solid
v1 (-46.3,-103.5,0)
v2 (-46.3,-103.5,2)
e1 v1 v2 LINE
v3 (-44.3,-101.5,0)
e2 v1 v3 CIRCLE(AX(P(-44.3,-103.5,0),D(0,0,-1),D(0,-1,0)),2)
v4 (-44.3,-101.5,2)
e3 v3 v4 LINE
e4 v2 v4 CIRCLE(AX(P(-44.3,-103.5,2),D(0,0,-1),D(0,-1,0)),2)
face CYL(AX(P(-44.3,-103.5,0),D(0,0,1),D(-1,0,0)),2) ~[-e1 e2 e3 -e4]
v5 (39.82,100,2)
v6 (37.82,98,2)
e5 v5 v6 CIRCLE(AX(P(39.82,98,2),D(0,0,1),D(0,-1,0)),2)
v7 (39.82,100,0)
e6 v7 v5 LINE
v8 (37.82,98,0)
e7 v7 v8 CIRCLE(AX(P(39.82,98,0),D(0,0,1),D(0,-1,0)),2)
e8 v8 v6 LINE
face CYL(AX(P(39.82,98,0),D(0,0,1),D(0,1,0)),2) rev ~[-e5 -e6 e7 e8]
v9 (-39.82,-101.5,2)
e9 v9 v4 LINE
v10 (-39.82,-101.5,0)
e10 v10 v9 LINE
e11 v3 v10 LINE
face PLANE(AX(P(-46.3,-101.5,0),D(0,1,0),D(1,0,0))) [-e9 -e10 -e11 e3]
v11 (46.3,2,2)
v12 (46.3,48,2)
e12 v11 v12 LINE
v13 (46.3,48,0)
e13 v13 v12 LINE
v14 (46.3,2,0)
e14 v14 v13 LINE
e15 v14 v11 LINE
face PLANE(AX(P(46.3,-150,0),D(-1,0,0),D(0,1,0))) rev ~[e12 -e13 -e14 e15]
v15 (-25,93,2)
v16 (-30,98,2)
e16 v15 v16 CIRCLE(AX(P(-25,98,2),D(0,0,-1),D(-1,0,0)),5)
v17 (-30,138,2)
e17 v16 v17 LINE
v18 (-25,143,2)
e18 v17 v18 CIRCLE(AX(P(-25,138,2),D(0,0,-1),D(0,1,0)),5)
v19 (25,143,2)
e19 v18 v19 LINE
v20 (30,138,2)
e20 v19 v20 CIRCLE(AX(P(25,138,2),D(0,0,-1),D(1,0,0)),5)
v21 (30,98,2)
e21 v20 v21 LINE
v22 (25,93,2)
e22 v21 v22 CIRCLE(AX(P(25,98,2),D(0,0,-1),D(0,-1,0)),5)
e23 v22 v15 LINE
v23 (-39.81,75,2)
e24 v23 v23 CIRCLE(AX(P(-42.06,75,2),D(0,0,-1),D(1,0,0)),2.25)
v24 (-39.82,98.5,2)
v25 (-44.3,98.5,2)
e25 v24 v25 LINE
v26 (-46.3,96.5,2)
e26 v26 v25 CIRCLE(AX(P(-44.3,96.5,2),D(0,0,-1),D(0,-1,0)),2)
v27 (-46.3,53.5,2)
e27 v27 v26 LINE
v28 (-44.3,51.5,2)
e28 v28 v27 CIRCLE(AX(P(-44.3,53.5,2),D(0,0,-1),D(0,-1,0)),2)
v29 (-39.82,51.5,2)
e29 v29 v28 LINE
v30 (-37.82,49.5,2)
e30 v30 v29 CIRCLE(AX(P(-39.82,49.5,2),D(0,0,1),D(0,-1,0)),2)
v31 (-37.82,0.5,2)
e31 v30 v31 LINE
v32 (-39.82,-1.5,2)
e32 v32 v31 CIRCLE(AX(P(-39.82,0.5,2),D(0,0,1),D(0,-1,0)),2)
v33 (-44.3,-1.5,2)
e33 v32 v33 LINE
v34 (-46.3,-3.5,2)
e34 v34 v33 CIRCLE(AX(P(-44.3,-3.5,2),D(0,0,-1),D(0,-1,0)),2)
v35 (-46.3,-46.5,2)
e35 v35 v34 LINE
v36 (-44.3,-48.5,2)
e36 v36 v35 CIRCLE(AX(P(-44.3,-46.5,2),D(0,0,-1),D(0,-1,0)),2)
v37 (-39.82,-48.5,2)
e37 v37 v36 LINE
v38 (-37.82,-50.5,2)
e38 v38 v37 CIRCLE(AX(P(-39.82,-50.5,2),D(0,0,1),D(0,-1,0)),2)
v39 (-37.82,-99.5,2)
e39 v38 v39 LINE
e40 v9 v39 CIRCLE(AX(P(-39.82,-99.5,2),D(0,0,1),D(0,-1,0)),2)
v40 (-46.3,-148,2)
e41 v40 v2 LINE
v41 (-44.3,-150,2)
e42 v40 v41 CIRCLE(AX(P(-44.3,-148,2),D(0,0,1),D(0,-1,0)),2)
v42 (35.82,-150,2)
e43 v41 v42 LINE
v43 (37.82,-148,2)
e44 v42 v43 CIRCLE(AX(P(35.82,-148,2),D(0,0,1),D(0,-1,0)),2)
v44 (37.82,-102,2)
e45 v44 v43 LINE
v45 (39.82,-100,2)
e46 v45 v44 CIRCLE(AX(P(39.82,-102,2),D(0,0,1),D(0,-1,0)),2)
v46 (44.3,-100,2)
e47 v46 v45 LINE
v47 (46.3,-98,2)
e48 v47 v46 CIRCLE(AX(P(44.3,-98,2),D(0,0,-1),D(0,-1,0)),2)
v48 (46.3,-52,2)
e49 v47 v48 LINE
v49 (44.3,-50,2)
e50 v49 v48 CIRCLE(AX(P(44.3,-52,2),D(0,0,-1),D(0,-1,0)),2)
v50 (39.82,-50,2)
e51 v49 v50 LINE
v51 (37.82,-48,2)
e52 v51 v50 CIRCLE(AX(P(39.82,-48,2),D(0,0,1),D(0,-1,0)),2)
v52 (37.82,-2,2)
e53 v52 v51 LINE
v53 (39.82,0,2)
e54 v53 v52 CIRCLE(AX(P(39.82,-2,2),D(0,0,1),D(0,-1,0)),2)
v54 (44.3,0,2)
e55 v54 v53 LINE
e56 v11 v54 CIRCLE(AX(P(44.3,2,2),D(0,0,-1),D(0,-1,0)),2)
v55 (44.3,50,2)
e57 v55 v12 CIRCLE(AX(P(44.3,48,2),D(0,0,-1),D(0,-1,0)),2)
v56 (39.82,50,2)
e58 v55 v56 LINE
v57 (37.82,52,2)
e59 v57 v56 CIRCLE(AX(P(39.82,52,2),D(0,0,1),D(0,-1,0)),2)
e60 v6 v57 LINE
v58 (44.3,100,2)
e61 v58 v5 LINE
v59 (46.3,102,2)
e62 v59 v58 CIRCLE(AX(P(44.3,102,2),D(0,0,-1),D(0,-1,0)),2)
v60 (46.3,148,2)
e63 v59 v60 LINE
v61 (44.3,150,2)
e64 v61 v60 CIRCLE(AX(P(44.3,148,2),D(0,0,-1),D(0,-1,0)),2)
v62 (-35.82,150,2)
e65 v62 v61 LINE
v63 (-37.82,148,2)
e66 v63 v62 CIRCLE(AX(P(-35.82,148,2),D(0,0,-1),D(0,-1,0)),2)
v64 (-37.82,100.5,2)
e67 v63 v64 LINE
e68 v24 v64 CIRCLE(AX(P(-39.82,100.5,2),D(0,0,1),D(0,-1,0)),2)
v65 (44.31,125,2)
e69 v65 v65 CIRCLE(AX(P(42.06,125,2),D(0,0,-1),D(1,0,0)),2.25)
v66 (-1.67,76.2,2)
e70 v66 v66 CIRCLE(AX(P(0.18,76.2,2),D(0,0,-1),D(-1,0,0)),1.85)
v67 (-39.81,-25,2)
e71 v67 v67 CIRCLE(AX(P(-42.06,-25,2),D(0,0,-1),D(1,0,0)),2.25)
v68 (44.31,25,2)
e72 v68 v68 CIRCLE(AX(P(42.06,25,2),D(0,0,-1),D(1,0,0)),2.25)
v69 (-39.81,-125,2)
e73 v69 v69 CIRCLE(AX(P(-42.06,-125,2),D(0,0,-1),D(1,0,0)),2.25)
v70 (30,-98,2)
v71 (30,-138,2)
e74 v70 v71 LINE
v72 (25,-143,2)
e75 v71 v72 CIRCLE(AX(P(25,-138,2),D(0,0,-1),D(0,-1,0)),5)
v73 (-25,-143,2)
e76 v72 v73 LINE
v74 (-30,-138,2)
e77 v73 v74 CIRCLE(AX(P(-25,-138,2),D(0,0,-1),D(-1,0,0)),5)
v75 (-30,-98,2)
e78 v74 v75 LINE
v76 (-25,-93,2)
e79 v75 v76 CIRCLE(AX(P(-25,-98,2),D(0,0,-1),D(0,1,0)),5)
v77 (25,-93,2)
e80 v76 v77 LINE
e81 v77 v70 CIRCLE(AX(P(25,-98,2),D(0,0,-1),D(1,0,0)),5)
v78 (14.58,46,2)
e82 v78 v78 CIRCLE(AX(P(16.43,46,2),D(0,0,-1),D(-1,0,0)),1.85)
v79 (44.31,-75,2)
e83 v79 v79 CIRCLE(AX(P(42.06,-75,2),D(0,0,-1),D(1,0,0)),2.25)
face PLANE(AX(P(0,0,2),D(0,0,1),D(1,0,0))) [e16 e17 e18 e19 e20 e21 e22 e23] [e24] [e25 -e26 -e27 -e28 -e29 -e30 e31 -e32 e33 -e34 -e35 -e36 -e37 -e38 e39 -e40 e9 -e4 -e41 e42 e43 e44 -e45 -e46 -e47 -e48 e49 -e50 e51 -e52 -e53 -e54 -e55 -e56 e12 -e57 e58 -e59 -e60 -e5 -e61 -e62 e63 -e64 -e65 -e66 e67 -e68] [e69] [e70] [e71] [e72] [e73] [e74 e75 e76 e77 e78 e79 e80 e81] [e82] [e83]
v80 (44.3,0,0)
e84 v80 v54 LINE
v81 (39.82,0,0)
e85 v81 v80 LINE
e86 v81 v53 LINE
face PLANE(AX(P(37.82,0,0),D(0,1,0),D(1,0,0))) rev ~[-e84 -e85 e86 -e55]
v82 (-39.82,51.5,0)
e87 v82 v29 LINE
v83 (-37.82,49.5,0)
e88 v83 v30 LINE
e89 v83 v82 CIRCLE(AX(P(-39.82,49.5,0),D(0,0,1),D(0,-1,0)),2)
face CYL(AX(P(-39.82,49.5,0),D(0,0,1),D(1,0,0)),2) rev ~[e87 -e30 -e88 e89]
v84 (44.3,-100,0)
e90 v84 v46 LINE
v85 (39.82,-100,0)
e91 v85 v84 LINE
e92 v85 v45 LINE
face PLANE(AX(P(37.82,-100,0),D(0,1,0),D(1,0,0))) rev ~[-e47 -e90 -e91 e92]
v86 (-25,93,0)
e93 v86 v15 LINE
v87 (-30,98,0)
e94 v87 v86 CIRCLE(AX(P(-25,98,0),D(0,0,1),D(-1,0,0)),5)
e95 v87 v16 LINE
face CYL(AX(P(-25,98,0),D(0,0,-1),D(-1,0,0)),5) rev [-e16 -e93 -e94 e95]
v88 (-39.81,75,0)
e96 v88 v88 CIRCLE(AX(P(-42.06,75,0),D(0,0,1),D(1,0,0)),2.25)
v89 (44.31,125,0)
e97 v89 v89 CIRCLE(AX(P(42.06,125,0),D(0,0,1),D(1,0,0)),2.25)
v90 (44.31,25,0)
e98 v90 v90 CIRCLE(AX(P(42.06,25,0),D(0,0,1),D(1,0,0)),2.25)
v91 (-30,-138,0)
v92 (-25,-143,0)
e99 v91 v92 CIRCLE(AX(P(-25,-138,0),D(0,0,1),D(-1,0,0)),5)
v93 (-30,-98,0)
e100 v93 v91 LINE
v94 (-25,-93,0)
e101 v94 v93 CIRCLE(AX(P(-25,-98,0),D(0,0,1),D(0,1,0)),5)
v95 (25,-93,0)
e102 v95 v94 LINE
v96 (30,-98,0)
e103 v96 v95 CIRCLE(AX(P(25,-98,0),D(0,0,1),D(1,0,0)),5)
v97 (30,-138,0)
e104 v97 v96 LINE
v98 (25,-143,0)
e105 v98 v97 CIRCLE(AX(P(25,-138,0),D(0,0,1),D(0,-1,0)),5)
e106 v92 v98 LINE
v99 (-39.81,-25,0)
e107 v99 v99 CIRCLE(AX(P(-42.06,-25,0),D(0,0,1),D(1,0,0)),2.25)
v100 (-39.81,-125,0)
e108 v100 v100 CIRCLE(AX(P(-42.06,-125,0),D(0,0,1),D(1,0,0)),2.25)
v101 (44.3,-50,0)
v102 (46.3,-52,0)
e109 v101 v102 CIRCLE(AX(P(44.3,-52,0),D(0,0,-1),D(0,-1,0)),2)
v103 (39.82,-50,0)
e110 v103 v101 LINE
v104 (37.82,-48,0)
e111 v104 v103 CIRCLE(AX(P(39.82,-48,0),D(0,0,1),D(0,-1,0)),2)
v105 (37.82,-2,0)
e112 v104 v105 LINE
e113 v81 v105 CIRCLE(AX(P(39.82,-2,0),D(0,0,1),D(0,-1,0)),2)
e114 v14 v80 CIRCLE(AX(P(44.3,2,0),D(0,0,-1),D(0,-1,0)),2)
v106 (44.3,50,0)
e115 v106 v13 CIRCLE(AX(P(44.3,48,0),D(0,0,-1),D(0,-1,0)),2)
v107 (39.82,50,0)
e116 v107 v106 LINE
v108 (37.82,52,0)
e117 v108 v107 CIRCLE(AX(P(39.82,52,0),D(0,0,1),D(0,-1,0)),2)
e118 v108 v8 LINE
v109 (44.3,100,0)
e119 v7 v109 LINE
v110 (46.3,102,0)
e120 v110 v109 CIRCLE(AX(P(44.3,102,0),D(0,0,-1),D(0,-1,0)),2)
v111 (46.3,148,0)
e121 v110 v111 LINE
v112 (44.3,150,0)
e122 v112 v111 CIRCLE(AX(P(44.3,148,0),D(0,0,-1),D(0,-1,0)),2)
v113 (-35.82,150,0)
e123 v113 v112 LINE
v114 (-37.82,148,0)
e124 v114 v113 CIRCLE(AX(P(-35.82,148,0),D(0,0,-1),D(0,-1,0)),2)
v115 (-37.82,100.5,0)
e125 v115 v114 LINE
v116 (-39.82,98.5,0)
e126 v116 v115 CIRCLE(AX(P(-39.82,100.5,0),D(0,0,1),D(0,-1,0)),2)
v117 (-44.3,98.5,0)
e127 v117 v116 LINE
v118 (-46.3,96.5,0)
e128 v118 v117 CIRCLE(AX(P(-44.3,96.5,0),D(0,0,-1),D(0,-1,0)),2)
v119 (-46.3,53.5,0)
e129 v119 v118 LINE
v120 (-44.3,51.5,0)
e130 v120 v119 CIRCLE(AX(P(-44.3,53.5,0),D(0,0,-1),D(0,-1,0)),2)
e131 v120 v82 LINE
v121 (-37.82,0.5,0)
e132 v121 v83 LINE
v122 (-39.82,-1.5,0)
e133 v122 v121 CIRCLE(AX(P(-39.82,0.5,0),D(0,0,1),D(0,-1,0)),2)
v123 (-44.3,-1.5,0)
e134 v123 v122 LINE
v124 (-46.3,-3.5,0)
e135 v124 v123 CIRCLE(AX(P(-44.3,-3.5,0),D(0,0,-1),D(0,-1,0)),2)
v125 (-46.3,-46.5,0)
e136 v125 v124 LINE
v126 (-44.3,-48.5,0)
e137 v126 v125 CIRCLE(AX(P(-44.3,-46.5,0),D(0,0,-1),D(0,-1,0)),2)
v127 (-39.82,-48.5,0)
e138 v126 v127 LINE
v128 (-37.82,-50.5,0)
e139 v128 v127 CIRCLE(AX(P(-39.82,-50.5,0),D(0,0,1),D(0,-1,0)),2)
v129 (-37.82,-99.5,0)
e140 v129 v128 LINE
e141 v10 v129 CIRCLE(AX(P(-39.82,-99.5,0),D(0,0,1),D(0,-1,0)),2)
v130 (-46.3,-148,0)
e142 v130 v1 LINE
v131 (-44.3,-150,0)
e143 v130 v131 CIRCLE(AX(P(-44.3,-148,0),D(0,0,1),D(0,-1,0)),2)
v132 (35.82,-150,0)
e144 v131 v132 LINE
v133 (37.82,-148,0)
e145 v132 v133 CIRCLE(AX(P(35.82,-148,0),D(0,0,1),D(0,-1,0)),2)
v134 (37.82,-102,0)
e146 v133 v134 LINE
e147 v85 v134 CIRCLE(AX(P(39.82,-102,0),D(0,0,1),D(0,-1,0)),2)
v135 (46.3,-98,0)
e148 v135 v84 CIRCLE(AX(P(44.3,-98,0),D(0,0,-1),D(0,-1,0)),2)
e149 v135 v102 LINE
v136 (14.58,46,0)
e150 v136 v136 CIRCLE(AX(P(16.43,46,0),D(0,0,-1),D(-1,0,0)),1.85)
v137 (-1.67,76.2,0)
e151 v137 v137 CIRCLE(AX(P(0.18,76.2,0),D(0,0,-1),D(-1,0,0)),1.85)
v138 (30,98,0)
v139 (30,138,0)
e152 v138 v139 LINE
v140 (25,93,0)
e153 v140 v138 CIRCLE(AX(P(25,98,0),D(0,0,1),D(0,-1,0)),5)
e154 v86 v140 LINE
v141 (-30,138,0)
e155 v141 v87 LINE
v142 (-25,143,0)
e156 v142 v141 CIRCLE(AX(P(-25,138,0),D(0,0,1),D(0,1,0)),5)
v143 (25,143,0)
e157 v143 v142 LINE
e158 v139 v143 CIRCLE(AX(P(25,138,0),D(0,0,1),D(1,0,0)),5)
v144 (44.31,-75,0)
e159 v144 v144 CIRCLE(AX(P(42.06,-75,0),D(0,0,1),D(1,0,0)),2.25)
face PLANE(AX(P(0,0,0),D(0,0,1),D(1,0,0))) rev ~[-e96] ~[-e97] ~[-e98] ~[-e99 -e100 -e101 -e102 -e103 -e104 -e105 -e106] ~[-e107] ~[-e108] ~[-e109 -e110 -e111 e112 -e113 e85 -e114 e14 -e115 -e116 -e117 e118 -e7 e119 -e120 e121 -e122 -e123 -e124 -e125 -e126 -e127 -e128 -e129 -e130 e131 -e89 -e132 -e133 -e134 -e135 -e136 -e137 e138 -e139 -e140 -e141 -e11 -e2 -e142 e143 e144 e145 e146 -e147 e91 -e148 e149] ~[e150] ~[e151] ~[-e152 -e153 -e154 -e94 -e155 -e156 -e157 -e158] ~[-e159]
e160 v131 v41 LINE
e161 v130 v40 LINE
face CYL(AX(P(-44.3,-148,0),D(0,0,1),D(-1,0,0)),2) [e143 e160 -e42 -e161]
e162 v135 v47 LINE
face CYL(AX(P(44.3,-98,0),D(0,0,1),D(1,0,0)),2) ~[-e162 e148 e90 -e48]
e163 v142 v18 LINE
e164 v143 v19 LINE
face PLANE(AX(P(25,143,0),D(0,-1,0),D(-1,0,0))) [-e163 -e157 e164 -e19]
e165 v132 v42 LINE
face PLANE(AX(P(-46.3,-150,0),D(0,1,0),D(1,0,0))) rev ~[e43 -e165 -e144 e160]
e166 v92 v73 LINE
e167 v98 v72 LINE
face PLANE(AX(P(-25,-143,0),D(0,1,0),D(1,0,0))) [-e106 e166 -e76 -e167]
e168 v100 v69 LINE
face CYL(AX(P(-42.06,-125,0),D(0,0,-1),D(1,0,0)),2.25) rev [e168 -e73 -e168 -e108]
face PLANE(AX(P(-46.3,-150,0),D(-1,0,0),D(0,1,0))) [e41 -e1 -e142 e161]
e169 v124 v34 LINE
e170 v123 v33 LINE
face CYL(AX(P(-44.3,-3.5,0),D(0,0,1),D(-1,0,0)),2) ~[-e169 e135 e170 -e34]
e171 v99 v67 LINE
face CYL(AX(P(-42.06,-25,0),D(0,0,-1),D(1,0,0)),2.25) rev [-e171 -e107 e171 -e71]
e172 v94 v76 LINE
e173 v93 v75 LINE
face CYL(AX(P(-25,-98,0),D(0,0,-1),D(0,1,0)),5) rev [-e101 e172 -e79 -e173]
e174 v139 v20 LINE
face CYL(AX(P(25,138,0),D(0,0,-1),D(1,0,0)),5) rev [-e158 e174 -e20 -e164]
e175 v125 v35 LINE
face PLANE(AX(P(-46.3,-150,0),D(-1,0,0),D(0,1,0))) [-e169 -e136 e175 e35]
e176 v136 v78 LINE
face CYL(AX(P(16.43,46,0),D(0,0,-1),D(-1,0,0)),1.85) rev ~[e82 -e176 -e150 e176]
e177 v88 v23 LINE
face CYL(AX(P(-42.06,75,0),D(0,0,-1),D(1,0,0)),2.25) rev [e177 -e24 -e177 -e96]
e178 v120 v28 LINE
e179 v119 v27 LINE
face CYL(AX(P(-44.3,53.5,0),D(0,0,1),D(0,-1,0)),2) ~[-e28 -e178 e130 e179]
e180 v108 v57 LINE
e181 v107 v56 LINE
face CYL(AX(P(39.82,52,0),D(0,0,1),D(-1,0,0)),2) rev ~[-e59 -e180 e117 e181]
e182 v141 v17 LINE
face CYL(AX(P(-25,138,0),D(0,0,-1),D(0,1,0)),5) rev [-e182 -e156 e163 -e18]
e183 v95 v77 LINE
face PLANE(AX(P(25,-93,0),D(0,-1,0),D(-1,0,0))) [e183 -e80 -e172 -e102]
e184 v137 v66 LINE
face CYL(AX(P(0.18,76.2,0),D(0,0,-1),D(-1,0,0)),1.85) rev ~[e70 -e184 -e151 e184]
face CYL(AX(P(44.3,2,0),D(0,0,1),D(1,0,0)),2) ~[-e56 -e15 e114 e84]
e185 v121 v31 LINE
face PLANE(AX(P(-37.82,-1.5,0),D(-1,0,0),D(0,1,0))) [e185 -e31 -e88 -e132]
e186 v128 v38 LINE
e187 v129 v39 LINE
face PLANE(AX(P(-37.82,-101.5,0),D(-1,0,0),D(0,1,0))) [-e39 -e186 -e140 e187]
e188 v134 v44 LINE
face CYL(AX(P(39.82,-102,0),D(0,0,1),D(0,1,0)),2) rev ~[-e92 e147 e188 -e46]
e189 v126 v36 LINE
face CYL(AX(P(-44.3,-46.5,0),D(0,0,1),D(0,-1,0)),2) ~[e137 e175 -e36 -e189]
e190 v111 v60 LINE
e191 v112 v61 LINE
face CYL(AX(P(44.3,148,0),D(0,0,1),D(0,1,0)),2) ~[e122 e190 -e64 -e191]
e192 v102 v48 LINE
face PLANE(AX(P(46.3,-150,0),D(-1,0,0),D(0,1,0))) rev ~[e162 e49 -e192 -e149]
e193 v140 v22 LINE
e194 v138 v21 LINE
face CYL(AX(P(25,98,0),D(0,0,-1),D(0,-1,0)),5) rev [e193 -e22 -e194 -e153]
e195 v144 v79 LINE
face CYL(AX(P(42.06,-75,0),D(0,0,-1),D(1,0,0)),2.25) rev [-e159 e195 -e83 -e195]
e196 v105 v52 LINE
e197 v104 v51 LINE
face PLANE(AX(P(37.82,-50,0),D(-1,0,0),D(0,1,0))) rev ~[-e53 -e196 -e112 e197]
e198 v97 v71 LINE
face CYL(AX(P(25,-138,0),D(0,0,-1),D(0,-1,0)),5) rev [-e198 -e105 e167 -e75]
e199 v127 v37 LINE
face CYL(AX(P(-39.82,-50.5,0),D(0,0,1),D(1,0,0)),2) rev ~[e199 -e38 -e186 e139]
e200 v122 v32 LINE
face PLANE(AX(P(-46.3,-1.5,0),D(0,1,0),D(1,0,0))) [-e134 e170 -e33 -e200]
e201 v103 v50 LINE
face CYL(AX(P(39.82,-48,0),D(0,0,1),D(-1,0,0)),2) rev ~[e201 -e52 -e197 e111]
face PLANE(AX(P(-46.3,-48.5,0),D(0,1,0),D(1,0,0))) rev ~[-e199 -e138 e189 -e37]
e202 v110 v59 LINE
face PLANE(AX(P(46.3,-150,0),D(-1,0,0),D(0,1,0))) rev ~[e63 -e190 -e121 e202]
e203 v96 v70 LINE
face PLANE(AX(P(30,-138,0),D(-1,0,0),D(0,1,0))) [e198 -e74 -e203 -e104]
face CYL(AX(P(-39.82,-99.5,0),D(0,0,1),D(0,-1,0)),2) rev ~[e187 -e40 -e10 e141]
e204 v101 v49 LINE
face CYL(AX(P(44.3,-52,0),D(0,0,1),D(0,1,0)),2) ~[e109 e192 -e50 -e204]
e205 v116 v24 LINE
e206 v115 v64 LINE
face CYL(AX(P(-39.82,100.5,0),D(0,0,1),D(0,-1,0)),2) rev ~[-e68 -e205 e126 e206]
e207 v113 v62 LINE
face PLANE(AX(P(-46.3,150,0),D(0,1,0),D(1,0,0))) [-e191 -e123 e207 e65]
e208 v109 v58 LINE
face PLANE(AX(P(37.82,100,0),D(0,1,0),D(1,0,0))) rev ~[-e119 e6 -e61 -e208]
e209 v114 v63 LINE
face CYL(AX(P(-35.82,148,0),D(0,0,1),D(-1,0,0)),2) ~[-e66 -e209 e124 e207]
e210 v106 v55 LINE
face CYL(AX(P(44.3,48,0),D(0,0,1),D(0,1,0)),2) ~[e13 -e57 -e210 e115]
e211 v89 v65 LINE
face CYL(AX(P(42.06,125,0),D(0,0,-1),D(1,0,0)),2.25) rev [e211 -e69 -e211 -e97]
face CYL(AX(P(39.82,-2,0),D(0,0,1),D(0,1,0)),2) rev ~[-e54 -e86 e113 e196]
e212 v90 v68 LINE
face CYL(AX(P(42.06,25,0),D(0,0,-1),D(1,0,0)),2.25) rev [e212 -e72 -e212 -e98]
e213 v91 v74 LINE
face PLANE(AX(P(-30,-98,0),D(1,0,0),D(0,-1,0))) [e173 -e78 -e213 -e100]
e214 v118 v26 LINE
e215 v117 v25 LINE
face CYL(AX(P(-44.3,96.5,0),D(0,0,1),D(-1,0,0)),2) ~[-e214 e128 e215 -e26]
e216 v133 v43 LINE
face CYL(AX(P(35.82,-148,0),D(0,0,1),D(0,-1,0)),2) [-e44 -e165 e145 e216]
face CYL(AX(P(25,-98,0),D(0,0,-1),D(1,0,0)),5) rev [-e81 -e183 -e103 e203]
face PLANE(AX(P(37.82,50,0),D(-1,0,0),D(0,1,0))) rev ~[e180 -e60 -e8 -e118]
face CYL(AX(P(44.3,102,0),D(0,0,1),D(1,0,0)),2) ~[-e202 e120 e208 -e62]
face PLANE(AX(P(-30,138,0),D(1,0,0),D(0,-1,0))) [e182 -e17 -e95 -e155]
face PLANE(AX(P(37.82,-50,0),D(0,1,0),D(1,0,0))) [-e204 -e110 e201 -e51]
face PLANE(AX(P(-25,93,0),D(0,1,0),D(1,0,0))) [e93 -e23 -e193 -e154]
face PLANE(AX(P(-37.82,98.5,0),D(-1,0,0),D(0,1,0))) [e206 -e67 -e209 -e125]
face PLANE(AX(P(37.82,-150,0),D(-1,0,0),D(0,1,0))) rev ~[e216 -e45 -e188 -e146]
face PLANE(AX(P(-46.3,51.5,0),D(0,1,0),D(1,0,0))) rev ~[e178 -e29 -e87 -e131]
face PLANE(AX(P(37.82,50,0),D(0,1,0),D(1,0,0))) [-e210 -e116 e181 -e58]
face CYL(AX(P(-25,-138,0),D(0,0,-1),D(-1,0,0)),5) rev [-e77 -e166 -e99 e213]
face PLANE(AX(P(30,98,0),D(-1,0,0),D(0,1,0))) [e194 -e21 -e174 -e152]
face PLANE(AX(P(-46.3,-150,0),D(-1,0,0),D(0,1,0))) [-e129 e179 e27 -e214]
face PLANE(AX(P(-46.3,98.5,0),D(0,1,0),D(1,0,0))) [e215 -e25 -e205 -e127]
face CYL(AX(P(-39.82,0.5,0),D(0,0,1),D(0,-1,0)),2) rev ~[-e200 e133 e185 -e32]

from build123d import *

# Parameters (mm, degrees)
SKETCH1_W           = 92.6
SKETCH1_H           = 300
BOSS_EXTRUDE1_DEPTH = 2
SKETCH2_R           = 2.25
SKETCH2_W           = 8.48
SKETCH2_H           = 51.5
SKETCH2_H_2         = 50
SKETCH2_H_3         = 53
CUT_EXTRUDE1_DEPTH  = 10
FILLET1_R           = 2
CUT_EXTRUDE3_DEPTH  = 8.5
SKETCH5_R           = 1.85
CUT_EXTRUDE4_DEPTH  = 10


with BuildPart() as part:
    # Sketch1 → Boss-Extrude1 (new body)
    with BuildSketch(Plane.XY):
        Rectangle(SKETCH1_W, SKETCH1_H)
    extrude(amount=BOSS_EXTRUDE1_DEPTH)

    # Sketch2 → Cut-Extrude1 (cut)
    with BuildSketch(Plane.XY):
        with Locations((-42.06, 75)):
            Circle(SKETCH2_R)
        with Locations((42.06, 125)):
            Circle(SKETCH2_R)
        with Locations((42.06, 25)):
            Circle(SKETCH2_R)
        with Locations((42.06, -75)):
            Circle(SKETCH2_R)
        with Locations((-42.06, -25)):
            Circle(SKETCH2_R)
        with Locations((-42.06, -125)):
            Circle(SKETCH2_R)
        with Locations((-42.06, 124.25)):
            Rectangle(SKETCH2_W, SKETCH2_H)
        with Locations((42.06, 75)):
            Rectangle(SKETCH2_W, SKETCH2_H_2)
        with Locations((42.06, -25)):
            Rectangle(SKETCH2_W, SKETCH2_H_2)
        with Locations((-42.06, 25)):
            Rectangle(SKETCH2_W, SKETCH2_H_3)
        with Locations((-42.06, -75)):
            Rectangle(SKETCH2_W, SKETCH2_H_3)
        with Locations((42.06, -125)):
            Rectangle(SKETCH2_W, SKETCH2_H_2)
    extrude(amount=CUT_EXTRUDE1_DEPTH, mode=Mode.SUBTRACT)

    # Fillet1
    fillet1_edges = [part.edges().sort_by_distance(p)[0] for p in [
        (46.3, -100, 1),
        (37.82, -100, 1),
        (37.82, -150, 1),
        (46.3, 50, 1),
        (46.3, 100, 1),
        (37.82, 100, 1),
        (37.82, 50, 1),
        (-46.3, -48.5, 1),
        (-46.3, -101.5, 1),
        (-37.82, -101.5, 1),
        (-37.82, -48.5, 1),
        (37.82, 0, 1),
        (37.82, -50, 1),
        (46.3, -50, 1),
        (46.3, 0, 1),
        (46.3, 150, 1),
        (-46.3, -150, 1),
        (-46.3, 51.5, 1),
        (-46.3, -1.5, 1),
        (-37.82, -1.5, 1),
        (-37.82, 51.5, 1),
        (-46.3, 98.5, 1),
        (-37.82, 98.5, 1),
        (-37.82, 150, 1),
    ]]
    fillet(fillet1_edges, radius=FILLET1_R)

    # Sketch4 → Cut-Extrude3 (cut)
    with BuildSketch(Plane(origin=(0, 0, 0), x_dir=(-1, 0, 0), z_dir=(0, 0, -1))):
        with BuildLine():
            Line((25, 93), (-25, 93))
            ThreePointArc((-25, 93), (-28.535533906, 94.464466094), (-30, 98))
            Line((-30, 98), (-30, 138))
            ThreePointArc((-30, 138), (-28.535533906, 141.535533906), (-25, 143))
            Line((-25, 143), (25, 143))
            ThreePointArc((25, 143), (28.535533906, 141.535533906), (30, 138))
            Line((30, 138), (30, 98))
            ThreePointArc((30, 98), (28.535533906, 94.464466094), (25, 93))
        make_face()
        with BuildLine():
            Line((25, -143), (-25, -143))
            ThreePointArc((-25, -143), (-28.535533906, -141.535533906), (-30, -138))
            Line((-30, -138), (-30, -98))
            ThreePointArc((-30, -98), (-28.535533906, -94.464466094), (-25, -93))
            Line((-25, -93), (25, -93))
            ThreePointArc((25, -93), (28.535533906, -94.464466094), (30, -98))
            Line((30, -98), (30, -138))
            ThreePointArc((30, -138), (28.535533906, -141.535533906), (25, -143))
        make_face()
    extrude(amount=-CUT_EXTRUDE3_DEPTH, mode=Mode.SUBTRACT)

    # Sketch5 → Cut-Extrude4 (cut)
    with BuildSketch(Plane(origin=(0, 0, 0), x_dir=(-1, 0, 0), z_dir=(0, 0, -1))):
        with Locations((-16.43, 46)):
            Circle(SKETCH5_R)
        with Locations((-0.18, 76.2)):
            Circle(SKETCH5_R)
    extrude(amount=-CUT_EXTRUDE4_DEPTH, mode=Mode.SUBTRACT)


solid = part.part
